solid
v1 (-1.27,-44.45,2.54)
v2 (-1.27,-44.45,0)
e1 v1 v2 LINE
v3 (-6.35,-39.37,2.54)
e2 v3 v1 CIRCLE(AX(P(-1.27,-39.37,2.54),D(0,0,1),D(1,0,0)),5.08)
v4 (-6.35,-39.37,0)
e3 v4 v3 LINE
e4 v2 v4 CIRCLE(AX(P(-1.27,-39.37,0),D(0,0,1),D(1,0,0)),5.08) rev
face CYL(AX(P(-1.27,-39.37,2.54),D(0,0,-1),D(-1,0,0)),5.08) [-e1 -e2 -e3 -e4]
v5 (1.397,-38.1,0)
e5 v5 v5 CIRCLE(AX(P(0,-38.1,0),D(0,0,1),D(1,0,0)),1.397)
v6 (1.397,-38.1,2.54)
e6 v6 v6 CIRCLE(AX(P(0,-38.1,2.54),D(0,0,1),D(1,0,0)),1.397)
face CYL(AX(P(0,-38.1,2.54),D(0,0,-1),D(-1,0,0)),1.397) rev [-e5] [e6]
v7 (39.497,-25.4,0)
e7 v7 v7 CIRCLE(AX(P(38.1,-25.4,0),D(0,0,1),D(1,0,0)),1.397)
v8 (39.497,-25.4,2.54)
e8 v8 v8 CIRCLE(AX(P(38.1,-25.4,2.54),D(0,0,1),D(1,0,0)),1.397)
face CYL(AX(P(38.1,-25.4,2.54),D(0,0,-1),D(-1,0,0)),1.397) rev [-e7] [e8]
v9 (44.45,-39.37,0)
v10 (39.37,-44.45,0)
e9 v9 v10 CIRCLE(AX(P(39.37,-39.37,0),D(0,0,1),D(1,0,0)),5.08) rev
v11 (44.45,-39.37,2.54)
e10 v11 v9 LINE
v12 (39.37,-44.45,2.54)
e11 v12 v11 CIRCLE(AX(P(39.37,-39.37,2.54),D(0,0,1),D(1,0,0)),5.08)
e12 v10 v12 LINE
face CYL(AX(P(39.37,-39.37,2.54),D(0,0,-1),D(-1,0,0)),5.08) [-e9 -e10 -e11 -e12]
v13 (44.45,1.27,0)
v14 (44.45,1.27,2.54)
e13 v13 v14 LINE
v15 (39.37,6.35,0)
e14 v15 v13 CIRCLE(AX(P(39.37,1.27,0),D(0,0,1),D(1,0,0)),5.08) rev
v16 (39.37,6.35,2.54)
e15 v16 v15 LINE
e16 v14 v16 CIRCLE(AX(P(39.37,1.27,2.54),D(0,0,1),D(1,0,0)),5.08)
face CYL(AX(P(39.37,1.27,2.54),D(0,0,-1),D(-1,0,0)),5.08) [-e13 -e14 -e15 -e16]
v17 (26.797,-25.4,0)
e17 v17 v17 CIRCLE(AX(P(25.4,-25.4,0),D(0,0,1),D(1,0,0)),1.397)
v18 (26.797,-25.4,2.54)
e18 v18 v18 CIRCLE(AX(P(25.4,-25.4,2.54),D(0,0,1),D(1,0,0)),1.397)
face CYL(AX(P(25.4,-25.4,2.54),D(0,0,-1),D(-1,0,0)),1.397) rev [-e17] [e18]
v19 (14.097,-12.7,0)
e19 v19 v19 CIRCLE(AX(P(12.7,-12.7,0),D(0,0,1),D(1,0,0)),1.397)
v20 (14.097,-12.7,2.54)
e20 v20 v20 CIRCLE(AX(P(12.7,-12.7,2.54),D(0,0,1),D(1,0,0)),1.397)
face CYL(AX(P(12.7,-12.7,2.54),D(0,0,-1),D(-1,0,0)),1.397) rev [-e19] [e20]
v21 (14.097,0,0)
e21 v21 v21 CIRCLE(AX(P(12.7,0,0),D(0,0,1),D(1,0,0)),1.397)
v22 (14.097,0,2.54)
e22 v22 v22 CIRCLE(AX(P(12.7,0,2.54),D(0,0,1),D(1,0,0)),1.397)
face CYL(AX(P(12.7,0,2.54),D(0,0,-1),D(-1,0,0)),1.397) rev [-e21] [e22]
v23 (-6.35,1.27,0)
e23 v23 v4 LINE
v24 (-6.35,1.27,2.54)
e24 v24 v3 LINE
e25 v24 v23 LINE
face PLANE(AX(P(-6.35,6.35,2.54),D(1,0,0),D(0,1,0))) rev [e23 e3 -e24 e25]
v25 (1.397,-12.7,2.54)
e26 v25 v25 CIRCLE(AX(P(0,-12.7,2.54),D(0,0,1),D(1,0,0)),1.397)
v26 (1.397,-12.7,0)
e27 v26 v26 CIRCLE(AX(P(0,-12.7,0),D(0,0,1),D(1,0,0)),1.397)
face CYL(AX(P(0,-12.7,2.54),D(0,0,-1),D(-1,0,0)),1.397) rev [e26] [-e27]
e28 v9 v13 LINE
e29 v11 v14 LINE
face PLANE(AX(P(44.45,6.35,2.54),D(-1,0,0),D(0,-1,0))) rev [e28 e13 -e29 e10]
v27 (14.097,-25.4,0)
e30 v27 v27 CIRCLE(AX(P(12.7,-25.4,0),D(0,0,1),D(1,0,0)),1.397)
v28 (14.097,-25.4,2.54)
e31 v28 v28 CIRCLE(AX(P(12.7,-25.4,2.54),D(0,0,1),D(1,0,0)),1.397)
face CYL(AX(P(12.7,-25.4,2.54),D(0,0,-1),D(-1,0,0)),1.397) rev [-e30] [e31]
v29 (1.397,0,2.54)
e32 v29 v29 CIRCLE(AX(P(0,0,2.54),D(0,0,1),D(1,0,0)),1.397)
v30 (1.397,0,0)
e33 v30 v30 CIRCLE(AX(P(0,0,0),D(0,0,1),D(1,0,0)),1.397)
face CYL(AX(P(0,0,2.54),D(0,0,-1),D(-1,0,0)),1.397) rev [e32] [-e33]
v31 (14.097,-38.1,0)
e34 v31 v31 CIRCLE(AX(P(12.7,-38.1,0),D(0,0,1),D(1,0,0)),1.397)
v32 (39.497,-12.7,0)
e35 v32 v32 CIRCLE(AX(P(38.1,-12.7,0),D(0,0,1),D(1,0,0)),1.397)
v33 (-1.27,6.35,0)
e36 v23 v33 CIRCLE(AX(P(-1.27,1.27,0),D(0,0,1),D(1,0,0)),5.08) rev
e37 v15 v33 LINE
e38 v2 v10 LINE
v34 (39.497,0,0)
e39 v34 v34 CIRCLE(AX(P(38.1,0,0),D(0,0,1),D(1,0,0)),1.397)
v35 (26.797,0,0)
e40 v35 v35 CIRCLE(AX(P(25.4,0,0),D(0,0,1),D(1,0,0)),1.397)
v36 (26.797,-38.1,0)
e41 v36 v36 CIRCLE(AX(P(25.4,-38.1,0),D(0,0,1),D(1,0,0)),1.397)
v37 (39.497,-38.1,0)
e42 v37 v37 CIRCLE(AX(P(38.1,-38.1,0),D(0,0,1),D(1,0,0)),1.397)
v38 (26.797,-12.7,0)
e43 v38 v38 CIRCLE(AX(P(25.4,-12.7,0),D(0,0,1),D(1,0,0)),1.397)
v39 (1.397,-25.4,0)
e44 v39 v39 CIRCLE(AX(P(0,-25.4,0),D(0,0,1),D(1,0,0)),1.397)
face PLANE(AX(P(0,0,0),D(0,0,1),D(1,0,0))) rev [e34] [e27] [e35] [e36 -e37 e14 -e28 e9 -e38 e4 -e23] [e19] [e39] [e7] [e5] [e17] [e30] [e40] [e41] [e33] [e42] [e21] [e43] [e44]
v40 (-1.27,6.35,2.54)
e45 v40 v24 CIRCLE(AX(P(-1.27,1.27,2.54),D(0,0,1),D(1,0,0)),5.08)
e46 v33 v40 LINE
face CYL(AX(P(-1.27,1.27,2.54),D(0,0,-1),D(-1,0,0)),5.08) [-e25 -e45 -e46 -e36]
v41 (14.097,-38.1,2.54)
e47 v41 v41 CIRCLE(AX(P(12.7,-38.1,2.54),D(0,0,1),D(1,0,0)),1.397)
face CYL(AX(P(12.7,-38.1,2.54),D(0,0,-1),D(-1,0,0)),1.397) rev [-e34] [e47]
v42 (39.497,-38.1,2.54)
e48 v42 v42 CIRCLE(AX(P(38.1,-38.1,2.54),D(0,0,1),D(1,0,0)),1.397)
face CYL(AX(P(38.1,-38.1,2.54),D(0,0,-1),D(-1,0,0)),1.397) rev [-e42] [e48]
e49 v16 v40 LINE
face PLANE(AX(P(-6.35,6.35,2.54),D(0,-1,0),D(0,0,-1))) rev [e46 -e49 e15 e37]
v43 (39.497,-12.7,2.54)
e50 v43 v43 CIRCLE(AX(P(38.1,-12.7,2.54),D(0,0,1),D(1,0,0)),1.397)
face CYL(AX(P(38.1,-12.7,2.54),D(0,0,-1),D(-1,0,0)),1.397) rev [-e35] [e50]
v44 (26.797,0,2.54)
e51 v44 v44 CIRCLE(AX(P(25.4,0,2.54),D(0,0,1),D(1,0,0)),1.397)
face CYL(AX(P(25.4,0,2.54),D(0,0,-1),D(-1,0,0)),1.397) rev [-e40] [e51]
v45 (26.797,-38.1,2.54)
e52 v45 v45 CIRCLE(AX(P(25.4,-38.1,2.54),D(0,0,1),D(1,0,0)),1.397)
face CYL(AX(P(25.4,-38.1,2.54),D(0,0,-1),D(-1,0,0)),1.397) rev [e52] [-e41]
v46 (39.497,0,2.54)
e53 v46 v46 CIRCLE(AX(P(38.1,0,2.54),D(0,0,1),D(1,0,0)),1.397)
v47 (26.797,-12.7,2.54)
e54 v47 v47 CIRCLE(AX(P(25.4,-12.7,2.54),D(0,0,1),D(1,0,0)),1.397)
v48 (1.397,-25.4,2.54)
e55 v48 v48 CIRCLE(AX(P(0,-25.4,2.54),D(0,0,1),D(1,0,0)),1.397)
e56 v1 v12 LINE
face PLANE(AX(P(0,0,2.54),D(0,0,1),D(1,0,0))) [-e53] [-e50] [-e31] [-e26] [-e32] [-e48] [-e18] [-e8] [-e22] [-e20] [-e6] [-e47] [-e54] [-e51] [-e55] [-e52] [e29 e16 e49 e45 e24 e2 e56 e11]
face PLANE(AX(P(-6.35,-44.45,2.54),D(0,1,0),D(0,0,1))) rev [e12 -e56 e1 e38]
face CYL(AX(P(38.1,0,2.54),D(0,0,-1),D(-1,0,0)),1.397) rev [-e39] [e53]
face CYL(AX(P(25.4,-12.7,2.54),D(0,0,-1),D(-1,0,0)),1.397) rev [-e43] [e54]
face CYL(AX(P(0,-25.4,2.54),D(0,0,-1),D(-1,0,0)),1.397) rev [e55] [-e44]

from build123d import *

# Parameters (mm, degrees)
SKETCH1_W           = 50.8
SKETCH1_H           = 50.8
SKETCH1_R           = 1.397
BOSS_EXTRUDE1_DEPTH = 2.54
FILLET1_R           = 5.08


with BuildPart() as part:
    # Sketch1 → Boss-Extrude1 (new body)
    with BuildSketch(Plane.XY):
        with Locations((19.05, -19.05)):
            Rectangle(SKETCH1_W, SKETCH1_H)
        Circle(SKETCH1_R, mode=Mode.SUBTRACT)
        with Locations((12.7, 0)):
            Circle(SKETCH1_R, mode=Mode.SUBTRACT)
        with Locations((25.4, 0)):
            Circle(SKETCH1_R, mode=Mode.SUBTRACT)
        with Locations((38.1, 0)):
            Circle(SKETCH1_R, mode=Mode.SUBTRACT)
        with Locations((12.7, -12.7)):
            Circle(SKETCH1_R, mode=Mode.SUBTRACT)
        with Locations((25.4, -12.7)):
            Circle(SKETCH1_R, mode=Mode.SUBTRACT)
        with Locations((38.1, -12.7)):
            Circle(SKETCH1_R, mode=Mode.SUBTRACT)
        with Locations((12.7, -25.4)):
            Circle(SKETCH1_R, mode=Mode.SUBTRACT)
        with Locations((25.4, -25.4)):
            Circle(SKETCH1_R, mode=Mode.SUBTRACT)
        with Locations((38.1, -25.4)):
            Circle(SKETCH1_R, mode=Mode.SUBTRACT)
        with Locations((12.7, -38.1)):
            Circle(SKETCH1_R, mode=Mode.SUBTRACT)
        with Locations((25.4, -38.1)):
            Circle(SKETCH1_R, mode=Mode.SUBTRACT)
        with Locations((38.1, -38.1)):
            Circle(SKETCH1_R, mode=Mode.SUBTRACT)
        with Locations((0, -12.7)):
            Circle(SKETCH1_R, mode=Mode.SUBTRACT)
        with Locations((0, -25.4)):
            Circle(SKETCH1_R, mode=Mode.SUBTRACT)
        with Locations((0, -38.1)):
            Circle(SKETCH1_R, mode=Mode.SUBTRACT)
    extrude(amount=BOSS_EXTRUDE1_DEPTH)

    # Fillet1
    fillet1_edges = [part.edges().sort_by_distance(p)[0] for p in [
        (-6.35, 6.35, 1.27),
        (44.45, 6.35, 1.27),
        (44.45, -44.45, 1.27),
        (-6.35, -44.45, 1.27),
    ]]
    fillet(fillet1_edges, radius=FILLET1_R)


solid = part.part
